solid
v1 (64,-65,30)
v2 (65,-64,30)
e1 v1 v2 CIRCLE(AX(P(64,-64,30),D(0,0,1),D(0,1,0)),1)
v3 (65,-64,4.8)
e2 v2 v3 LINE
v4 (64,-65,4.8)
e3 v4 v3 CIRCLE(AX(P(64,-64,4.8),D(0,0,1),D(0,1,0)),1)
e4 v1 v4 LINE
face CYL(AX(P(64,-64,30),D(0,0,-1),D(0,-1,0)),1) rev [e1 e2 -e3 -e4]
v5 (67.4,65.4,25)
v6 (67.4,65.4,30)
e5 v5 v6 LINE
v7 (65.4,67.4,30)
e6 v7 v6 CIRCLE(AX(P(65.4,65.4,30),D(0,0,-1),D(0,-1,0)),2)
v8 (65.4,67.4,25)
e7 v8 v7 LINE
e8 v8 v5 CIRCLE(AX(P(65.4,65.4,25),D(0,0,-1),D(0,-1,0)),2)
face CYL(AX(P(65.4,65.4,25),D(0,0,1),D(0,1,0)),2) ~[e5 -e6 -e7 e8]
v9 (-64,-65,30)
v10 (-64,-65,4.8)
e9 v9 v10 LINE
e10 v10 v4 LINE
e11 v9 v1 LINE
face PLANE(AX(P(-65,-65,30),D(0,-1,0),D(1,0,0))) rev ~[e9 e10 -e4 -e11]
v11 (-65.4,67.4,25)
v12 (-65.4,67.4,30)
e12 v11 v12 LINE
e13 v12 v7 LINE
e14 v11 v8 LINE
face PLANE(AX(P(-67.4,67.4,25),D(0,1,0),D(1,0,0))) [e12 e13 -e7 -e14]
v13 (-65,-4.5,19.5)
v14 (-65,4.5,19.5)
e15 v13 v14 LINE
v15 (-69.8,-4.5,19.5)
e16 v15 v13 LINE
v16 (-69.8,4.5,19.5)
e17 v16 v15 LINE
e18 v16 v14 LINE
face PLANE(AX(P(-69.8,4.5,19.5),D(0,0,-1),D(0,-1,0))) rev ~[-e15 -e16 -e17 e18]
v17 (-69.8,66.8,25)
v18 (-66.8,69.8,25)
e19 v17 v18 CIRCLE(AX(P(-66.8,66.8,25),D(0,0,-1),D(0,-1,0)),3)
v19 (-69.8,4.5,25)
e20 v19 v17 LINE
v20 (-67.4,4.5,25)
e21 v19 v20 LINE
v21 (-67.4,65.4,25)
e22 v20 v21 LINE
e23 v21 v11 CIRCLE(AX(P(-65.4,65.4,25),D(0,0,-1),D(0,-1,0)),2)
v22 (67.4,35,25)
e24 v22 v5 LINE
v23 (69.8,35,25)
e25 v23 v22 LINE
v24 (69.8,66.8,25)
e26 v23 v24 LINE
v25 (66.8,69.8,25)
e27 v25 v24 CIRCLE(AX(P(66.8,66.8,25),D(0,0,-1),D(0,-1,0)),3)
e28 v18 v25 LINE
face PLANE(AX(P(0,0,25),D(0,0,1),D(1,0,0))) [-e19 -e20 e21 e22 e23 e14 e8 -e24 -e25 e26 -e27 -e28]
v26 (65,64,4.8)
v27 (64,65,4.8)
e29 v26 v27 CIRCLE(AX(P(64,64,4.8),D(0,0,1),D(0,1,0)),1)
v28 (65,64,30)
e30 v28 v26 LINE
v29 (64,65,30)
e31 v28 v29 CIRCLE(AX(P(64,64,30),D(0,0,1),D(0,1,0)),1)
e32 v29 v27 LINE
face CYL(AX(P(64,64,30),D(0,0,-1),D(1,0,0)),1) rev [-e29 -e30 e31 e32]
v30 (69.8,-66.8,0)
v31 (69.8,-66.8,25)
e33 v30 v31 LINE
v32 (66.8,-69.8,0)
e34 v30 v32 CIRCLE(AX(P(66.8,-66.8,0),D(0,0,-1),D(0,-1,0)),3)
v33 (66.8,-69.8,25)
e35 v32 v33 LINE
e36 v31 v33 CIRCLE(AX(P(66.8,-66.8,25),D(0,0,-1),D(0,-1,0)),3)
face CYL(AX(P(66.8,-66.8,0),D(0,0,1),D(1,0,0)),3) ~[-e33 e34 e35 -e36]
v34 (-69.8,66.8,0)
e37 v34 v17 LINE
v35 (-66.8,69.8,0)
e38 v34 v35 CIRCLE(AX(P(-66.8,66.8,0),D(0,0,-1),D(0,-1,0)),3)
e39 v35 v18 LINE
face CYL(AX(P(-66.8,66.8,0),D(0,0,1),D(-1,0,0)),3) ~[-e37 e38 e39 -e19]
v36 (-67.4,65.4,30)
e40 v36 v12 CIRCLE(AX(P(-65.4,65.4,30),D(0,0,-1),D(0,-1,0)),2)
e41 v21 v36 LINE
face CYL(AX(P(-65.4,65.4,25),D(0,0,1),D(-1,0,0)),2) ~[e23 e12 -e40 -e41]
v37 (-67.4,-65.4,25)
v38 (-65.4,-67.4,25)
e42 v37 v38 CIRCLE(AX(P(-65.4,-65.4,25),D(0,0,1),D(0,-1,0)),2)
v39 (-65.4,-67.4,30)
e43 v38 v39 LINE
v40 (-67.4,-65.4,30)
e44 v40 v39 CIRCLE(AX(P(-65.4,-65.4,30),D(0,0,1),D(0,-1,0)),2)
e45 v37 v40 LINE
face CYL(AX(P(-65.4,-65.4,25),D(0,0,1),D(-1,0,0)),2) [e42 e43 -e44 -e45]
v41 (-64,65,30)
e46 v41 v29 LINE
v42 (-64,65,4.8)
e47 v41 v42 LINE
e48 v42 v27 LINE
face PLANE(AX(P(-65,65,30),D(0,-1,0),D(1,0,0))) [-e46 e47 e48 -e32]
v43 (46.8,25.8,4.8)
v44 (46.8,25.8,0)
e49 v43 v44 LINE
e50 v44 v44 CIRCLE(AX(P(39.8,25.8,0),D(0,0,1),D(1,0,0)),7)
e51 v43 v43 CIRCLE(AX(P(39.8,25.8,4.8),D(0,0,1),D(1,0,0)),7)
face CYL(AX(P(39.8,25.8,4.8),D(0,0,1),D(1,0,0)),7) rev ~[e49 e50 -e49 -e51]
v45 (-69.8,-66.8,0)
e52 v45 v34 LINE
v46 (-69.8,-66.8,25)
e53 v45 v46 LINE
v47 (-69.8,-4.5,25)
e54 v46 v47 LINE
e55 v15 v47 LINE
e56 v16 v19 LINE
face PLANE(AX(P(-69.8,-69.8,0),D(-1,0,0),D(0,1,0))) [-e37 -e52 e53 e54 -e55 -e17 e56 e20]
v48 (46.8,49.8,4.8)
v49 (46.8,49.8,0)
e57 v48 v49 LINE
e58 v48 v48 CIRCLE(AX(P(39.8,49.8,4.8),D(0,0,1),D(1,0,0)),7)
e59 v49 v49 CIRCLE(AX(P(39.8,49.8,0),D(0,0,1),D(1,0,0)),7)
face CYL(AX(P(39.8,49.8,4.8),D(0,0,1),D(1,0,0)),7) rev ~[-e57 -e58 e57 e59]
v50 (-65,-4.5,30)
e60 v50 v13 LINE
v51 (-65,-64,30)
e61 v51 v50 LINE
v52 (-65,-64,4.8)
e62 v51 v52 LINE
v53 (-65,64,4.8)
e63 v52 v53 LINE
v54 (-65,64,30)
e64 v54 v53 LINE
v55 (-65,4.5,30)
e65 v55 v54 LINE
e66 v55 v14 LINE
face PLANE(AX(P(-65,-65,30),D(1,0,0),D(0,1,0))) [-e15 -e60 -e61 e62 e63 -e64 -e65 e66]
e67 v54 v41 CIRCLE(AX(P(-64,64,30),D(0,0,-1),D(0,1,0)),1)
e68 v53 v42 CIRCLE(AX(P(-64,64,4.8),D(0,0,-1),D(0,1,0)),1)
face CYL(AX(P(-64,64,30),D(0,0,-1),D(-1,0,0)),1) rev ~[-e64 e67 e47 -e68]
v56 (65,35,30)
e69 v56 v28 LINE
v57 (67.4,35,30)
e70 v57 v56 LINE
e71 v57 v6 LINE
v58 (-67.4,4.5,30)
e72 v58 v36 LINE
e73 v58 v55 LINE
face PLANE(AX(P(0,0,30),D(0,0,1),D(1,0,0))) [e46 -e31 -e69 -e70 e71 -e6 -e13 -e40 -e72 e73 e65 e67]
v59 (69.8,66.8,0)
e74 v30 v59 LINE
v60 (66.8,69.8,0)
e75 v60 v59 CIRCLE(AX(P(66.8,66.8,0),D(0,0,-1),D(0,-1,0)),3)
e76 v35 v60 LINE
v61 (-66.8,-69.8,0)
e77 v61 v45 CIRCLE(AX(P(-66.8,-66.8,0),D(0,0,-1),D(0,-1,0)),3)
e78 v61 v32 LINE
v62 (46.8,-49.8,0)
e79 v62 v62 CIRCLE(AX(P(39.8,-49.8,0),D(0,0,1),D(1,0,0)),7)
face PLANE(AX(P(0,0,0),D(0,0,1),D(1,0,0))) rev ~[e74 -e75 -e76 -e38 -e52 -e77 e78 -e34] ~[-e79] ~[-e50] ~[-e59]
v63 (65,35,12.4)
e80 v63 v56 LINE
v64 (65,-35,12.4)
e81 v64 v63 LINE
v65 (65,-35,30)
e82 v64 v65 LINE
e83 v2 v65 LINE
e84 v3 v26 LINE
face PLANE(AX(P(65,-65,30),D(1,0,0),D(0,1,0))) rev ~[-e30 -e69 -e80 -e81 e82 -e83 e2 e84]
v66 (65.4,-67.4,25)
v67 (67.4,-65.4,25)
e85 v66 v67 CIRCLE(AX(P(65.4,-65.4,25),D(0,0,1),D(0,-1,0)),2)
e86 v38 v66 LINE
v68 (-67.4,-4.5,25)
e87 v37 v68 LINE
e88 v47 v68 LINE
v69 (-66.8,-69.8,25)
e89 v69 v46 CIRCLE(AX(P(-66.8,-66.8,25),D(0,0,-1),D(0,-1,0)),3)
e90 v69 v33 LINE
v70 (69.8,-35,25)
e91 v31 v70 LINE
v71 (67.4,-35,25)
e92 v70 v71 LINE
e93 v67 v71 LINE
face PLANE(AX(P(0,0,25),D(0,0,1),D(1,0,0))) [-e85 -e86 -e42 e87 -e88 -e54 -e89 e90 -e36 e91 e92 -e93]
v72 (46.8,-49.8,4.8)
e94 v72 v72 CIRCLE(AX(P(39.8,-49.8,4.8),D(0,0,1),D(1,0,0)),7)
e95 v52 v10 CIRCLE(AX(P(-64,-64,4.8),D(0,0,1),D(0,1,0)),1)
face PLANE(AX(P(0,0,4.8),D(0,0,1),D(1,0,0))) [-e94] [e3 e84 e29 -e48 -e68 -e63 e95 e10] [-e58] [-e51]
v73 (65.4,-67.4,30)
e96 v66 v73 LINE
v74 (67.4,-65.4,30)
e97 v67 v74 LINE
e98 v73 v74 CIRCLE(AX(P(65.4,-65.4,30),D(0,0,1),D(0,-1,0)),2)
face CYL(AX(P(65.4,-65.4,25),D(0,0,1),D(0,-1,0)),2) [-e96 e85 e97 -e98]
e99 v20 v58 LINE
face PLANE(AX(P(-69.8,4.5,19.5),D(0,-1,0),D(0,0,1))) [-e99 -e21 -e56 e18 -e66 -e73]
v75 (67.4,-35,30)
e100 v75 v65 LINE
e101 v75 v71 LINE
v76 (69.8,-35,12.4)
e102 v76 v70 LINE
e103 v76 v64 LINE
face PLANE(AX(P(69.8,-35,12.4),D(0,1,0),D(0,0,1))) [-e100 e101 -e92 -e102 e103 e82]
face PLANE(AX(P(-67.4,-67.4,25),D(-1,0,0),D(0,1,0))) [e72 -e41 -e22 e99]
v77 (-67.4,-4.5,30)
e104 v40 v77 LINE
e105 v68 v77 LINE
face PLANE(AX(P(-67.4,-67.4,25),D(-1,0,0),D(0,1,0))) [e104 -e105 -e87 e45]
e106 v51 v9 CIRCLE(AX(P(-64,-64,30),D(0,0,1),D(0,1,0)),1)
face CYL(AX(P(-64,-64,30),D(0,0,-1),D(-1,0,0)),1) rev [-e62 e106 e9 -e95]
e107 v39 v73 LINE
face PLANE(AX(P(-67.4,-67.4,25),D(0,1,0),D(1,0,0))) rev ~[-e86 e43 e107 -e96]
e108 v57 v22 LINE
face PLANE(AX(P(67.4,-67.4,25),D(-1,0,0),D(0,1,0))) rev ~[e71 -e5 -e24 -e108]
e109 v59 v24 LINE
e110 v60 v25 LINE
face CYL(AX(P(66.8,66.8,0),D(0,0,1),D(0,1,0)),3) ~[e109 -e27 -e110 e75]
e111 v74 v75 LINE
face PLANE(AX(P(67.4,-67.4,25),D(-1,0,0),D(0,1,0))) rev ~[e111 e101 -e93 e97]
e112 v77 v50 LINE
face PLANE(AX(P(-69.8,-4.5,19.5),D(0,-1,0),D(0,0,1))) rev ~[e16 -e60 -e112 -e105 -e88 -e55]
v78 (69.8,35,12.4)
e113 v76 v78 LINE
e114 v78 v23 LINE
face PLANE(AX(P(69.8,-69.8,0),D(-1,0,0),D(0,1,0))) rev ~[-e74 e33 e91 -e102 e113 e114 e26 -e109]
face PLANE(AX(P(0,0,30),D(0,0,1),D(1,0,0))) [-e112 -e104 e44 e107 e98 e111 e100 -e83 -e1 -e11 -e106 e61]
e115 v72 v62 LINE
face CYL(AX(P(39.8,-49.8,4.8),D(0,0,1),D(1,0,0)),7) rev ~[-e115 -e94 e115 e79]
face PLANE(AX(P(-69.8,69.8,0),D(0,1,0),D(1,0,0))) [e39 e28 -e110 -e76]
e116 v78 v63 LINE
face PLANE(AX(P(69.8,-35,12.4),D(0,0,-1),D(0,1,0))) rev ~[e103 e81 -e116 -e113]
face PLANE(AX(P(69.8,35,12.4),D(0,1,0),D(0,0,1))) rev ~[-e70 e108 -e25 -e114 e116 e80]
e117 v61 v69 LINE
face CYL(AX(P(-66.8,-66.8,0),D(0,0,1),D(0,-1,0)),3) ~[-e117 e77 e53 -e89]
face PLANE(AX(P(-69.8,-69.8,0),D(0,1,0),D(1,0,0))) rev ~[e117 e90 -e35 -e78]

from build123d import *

# Parameters (mm, degrees)
SKETCH001_W     = 139.6
SKETCH001_H     = 139.6
PAD_DEPTH       = 25
SKETCH003_W     = 134.8
SKETCH003_H     = 134.8
PAD001_DEPTH    = 5
SKETCH002_W     = 130
SKETCH002_H     = 130
POCKET_DEPTH    = 25.2
SKETCH005_W     = 70
SKETCH005_H     = 17.6
POCKET001_DEPTH = 5
SKETCH006_W     = 9
SKETCH006_H     = 10.5
POCKET002_DEPTH = 5
SKETCH007_R     = 7
HOLE_DEPTH      = 25
FILLET_R        = 3
FILLET001_R     = 3
FILLET002_R     = 3
FILLET003_R     = 3
FILLET004_R     = 2
FILLET005_R     = 2
FILLET006_R     = 2
FILLET007_R     = 2
FILLET008_R     = 1
FILLET009_R     = 1
FILLET010_R     = 1
FILLET011_R     = 1


with BuildPart() as part:
    # Sketch001 → Pad (new body)
    with BuildSketch(Plane.XY):
        Rectangle(SKETCH001_W, SKETCH001_H)
    extrude(amount=PAD_DEPTH)

    # Sketch003 (on Face6 of Pad) → Pad001 (join)
    with BuildSketch(Plane.XY.offset(25)):
        Rectangle(SKETCH003_W, SKETCH003_H)
    extrude(amount=PAD001_DEPTH)

    # Sketch002 (on Face11 of Pad001) → Pocket (cut)
    with BuildSketch(Plane.XY.offset(30)):
        Rectangle(SKETCH002_W, SKETCH002_H)
    extrude(amount=-POCKET_DEPTH, mode=Mode.SUBTRACT)

    # Sketch005 (on Face3 of Pocket) → Pocket001 (cut)
    with BuildSketch(Plane.YZ.offset(69.8)):
        with Locations((0, 21.2)):
            Rectangle(SKETCH005_W, SKETCH005_H)
    extrude(amount=-POCKET001_DEPTH, mode=Mode.SUBTRACT)

    # Sketch006 (on Face2 of Pocket001) → Pocket002 (cut)
    with BuildSketch(Plane(origin=(-69.8, 0, 0), x_dir=(0, -1, 0), z_dir=(-1, 0, 0))):
        with Locations((0, 24.75)):
            Rectangle(SKETCH006_W, SKETCH006_H)
    extrude(amount=-POCKET002_DEPTH, mode=Mode.SUBTRACT)

    # Sketch007 (on Face25 of Pocket002) → Hole (cut)
    with BuildSketch(Plane.XY.offset(4.8)):
        with Locations((39.8, 49.8)):
            Circle(SKETCH007_R)
        with Locations((39.8, 25.8)):
            Circle(SKETCH007_R)
        with Locations((39.8, -49.8)):
            Circle(SKETCH007_R)
    extrude(amount=-HOLE_DEPTH, mode=Mode.SUBTRACT)

    # Fillet
    fillet_edges = [part.edges().sort_by_distance(p)[0] for p in [
        (-69.8, 69.8, 12.5),
    ]]
    fillet(fillet_edges, radius=FILLET_R)

    # Fillet001
    fillet001_edges = [part.edges().sort_by_distance(p)[0] for p in [
        (69.8, 69.8, 12.5),
    ]]
    fillet(fillet001_edges, radius=FILLET001_R)

    # Fillet002
    fillet002_edges = [part.edges().sort_by_distance(p)[0] for p in [
        (69.8, -69.8, 12.5),
    ]]
    fillet(fillet002_edges, radius=FILLET002_R)

    # Fillet003
    fillet003_edges = [part.edges().sort_by_distance(p)[0] for p in [
        (-69.8, -69.8, 12.5),
    ]]
    fillet(fillet003_edges, radius=FILLET003_R)

    # Fillet004
    fillet004_edges = [part.edges().sort_by_distance(p)[0] for p in [
        (-67.4, -67.4, 27.5),
    ]]
    fillet(fillet004_edges, radius=FILLET004_R)

    # Fillet005
    fillet005_edges = [part.edges().sort_by_distance(p)[0] for p in [
        (-67.4, 67.4, 27.5),
    ]]
    fillet(fillet005_edges, radius=FILLET005_R)

    # Fillet006
    fillet006_edges = [part.edges().sort_by_distance(p)[0] for p in [
        (67.4, 67.4, 27.5),
    ]]
    fillet(fillet006_edges, radius=FILLET006_R)

    # Fillet007
    fillet007_edges = [part.edges().sort_by_distance(p)[0] for p in [
        (67.4, -67.4, 27.5),
    ]]
    fillet(fillet007_edges, radius=FILLET007_R)

    # Fillet008
    fillet008_edges = [part.edges().sort_by_distance(p)[0] for p in [
        (-65, 65, 17.4),
    ]]
    fillet(fillet008_edges, radius=FILLET008_R)

    # Fillet009
    fillet009_edges = [part.edges().sort_by_distance(p)[0] for p in [
        (-65, -65, 17.4),
    ]]
    fillet(fillet009_edges, radius=FILLET009_R)

    # Fillet010
    fillet010_edges = [part.edges().sort_by_distance(p)[0] for p in [
        (65, -65, 17.4),
    ]]
    fillet(fillet010_edges, radius=FILLET010_R)

    # Fillet011
    fillet011_edges = [part.edges().sort_by_distance(p)[0] for p in [
        (65, 65, 17.4),
    ]]
    fillet(fillet011_edges, radius=FILLET011_R)


solid = part.part
